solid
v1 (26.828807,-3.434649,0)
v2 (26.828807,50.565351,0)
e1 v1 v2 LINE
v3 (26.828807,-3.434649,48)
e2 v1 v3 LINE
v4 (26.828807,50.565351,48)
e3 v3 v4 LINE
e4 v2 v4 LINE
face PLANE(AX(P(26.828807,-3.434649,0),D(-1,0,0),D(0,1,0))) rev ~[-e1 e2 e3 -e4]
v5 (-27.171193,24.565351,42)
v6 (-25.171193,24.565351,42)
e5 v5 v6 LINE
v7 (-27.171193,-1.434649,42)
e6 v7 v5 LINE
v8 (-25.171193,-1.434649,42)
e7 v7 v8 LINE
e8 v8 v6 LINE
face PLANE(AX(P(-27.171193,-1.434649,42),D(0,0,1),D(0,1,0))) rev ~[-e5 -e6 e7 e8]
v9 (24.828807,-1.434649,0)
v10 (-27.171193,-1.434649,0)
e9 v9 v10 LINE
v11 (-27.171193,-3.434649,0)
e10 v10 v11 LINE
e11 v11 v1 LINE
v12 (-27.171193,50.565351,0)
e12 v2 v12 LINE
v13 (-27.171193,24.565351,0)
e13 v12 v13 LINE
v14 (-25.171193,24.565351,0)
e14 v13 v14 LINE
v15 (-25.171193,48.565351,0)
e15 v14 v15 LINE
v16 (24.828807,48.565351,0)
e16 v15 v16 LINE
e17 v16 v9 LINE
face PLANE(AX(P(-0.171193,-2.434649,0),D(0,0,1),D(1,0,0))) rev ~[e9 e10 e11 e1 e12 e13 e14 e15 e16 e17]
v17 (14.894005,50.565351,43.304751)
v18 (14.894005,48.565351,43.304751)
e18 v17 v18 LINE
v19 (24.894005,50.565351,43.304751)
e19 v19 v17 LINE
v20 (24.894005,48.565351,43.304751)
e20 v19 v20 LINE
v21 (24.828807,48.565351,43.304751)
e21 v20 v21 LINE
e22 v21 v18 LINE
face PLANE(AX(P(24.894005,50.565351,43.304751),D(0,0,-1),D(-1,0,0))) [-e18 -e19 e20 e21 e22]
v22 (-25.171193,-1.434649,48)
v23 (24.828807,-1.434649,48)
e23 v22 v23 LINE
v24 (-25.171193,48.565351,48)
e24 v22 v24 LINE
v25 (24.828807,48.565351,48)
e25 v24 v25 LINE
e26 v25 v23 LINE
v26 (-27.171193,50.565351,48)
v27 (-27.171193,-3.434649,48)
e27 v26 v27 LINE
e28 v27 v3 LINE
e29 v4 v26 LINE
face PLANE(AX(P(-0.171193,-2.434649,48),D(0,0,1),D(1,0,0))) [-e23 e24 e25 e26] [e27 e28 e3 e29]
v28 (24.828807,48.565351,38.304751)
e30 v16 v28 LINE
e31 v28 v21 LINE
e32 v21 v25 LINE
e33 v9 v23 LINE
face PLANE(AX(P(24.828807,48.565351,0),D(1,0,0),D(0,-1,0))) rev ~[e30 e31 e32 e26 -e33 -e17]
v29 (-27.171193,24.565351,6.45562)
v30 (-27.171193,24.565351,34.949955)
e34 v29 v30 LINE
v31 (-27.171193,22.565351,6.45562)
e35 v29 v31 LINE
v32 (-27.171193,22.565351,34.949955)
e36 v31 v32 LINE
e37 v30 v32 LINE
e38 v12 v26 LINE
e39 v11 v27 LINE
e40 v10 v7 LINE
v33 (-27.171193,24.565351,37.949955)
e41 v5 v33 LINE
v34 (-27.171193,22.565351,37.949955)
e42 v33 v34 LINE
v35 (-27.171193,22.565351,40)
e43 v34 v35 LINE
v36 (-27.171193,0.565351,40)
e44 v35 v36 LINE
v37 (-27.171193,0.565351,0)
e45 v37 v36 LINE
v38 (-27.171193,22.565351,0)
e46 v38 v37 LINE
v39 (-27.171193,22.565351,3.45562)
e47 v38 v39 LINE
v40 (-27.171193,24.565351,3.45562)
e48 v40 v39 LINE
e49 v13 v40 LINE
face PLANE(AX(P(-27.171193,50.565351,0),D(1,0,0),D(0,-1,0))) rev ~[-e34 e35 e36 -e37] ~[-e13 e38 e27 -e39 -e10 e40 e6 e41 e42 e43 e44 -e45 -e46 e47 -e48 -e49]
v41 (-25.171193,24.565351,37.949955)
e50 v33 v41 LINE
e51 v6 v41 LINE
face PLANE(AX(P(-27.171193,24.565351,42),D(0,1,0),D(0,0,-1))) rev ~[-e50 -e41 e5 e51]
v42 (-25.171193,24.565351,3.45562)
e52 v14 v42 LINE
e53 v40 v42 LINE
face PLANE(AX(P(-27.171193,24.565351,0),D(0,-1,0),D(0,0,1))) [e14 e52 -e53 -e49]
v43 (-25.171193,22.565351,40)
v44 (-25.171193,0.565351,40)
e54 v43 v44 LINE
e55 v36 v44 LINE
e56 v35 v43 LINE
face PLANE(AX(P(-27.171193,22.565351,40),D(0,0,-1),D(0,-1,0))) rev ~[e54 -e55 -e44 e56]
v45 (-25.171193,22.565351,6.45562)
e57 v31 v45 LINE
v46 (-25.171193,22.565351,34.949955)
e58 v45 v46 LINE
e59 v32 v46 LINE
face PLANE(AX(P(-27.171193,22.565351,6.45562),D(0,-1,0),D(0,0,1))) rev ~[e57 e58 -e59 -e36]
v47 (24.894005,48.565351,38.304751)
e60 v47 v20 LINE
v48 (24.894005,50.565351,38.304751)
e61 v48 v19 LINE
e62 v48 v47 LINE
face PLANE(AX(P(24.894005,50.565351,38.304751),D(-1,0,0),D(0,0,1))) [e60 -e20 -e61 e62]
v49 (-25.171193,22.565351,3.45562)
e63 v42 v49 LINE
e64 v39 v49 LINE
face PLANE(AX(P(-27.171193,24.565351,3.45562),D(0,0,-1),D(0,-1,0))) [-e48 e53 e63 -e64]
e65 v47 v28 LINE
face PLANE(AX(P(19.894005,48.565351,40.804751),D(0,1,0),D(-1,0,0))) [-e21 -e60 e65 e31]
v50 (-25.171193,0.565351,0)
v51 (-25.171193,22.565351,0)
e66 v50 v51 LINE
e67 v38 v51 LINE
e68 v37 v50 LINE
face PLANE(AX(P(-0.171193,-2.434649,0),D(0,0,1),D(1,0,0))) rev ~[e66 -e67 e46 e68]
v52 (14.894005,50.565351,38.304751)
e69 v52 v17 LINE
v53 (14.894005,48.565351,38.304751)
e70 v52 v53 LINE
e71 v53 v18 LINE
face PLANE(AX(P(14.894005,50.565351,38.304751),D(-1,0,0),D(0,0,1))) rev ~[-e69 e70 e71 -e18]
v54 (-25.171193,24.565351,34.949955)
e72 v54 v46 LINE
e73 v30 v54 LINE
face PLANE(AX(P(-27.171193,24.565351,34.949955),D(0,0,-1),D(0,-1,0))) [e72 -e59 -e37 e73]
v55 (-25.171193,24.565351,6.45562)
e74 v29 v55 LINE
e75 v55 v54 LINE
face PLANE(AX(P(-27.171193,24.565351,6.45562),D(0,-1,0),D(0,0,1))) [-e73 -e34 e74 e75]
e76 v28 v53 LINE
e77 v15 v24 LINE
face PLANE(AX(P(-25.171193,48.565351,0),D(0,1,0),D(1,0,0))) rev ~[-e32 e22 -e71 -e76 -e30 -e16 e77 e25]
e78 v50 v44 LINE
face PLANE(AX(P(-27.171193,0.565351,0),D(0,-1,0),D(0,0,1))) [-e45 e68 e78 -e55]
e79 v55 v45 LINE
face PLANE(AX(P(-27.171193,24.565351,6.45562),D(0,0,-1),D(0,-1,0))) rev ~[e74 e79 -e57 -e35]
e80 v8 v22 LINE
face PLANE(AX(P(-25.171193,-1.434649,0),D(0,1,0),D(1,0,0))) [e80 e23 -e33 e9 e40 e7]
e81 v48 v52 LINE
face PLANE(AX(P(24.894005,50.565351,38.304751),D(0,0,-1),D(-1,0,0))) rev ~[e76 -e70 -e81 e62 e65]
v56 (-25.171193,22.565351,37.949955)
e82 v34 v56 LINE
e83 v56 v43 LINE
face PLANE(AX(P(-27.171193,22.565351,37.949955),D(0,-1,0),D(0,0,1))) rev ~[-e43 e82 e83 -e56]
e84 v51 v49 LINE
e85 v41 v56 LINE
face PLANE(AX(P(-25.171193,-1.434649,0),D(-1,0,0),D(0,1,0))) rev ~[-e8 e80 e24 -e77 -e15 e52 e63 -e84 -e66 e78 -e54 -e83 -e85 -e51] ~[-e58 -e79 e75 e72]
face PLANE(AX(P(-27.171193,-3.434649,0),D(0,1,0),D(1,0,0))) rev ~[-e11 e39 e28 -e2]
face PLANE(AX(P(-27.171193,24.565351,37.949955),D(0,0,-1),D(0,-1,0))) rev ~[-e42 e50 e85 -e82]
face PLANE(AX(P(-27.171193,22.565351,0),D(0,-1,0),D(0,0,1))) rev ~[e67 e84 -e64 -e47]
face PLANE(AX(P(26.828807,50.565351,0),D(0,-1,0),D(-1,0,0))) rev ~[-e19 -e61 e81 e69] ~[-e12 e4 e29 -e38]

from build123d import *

# Parameters (mm, degrees)
F0_W     = 50
F0_H     = 2
F1_DEPTH = 48
F3_W     = 2
F3_H     = 40
F3_H_2   = 3.4556204919
F3_H_3   = 28.4943341073
F3_H_4   = 2.0500454009
F4_DEPTH = 25
F5_W     = 10
F5_H     = 5
F6_DEPTH = 2


with BuildPart() as f1:
    # F0 (on Top) → F1 (new body)
    with BuildSketch(Plane.XY):
        with Locations((-0.1711930672, -2.4346486163)):
            Rectangle(F0_W, F0_H)
        Polygon((-27.1711930672, -3.4346486163), (-25.1711930672, -3.4346486163), (-25.1711930672, -1.4346486163), (-25.1711930672, 48.5653513837), (-25.1711930672, 50.5653513837), (-27.1711930672, 50.5653513837), align=None)
        Polygon((24.8288069328, -1.4346486163), (24.8288069328, -3.4346486163), (26.8288069328, -3.4346486163), (26.8288069328, 50.5653513837), (24.8288069328, 50.5653513837), (24.8288069328, 48.5653513837), align=None)
        with Locations((-0.1711930672, 49.5653513837)):
            Rectangle(F0_W, F0_H)
    extrude(amount=F1_DEPTH)

    # F3 (on face) → F4 (cut)
    with BuildSketch(Plane(origin=(-27.1711930672, 0, 0), x_dir=(0, -1, 0), z_dir=(-1, 0, 0))):
        with Locations((0.4346486163, 20)):
            Rectangle(F3_W, F3_H)
        with Locations((-23.5653513837, 1.7278102459)):
            Rectangle(F3_W, F3_H_2)
        with Locations((-23.5653513837, 20.7027875455)):
            Rectangle(F3_W, F3_H_3)
        with Locations((-23.5653513837, 38.9749772996)):
            Rectangle(F3_W, F3_H_4)
        Polygon((-0.5653513837, 40), (1.4346486163, 40), (1.4346486163, 42), (-24.5653513837, 42), (-24.5653513837, 40), (-22.5653513837, 40), align=None)
    extrude(amount=-F4_DEPTH, mode=Mode.SUBTRACT)

    # F5 (on face) → F6 (cut)
    with BuildSketch(Plane(origin=(0, 50.5653513837, 0), x_dir=(-1, 0, 0), z_dir=(0, 1, 0))):
        with Locations((-19.8940047994, 40.8047514008)):
            Rectangle(F5_W, F5_H)
    extrude(amount=-F6_DEPTH, mode=Mode.SUBTRACT)


solid = f1.part
